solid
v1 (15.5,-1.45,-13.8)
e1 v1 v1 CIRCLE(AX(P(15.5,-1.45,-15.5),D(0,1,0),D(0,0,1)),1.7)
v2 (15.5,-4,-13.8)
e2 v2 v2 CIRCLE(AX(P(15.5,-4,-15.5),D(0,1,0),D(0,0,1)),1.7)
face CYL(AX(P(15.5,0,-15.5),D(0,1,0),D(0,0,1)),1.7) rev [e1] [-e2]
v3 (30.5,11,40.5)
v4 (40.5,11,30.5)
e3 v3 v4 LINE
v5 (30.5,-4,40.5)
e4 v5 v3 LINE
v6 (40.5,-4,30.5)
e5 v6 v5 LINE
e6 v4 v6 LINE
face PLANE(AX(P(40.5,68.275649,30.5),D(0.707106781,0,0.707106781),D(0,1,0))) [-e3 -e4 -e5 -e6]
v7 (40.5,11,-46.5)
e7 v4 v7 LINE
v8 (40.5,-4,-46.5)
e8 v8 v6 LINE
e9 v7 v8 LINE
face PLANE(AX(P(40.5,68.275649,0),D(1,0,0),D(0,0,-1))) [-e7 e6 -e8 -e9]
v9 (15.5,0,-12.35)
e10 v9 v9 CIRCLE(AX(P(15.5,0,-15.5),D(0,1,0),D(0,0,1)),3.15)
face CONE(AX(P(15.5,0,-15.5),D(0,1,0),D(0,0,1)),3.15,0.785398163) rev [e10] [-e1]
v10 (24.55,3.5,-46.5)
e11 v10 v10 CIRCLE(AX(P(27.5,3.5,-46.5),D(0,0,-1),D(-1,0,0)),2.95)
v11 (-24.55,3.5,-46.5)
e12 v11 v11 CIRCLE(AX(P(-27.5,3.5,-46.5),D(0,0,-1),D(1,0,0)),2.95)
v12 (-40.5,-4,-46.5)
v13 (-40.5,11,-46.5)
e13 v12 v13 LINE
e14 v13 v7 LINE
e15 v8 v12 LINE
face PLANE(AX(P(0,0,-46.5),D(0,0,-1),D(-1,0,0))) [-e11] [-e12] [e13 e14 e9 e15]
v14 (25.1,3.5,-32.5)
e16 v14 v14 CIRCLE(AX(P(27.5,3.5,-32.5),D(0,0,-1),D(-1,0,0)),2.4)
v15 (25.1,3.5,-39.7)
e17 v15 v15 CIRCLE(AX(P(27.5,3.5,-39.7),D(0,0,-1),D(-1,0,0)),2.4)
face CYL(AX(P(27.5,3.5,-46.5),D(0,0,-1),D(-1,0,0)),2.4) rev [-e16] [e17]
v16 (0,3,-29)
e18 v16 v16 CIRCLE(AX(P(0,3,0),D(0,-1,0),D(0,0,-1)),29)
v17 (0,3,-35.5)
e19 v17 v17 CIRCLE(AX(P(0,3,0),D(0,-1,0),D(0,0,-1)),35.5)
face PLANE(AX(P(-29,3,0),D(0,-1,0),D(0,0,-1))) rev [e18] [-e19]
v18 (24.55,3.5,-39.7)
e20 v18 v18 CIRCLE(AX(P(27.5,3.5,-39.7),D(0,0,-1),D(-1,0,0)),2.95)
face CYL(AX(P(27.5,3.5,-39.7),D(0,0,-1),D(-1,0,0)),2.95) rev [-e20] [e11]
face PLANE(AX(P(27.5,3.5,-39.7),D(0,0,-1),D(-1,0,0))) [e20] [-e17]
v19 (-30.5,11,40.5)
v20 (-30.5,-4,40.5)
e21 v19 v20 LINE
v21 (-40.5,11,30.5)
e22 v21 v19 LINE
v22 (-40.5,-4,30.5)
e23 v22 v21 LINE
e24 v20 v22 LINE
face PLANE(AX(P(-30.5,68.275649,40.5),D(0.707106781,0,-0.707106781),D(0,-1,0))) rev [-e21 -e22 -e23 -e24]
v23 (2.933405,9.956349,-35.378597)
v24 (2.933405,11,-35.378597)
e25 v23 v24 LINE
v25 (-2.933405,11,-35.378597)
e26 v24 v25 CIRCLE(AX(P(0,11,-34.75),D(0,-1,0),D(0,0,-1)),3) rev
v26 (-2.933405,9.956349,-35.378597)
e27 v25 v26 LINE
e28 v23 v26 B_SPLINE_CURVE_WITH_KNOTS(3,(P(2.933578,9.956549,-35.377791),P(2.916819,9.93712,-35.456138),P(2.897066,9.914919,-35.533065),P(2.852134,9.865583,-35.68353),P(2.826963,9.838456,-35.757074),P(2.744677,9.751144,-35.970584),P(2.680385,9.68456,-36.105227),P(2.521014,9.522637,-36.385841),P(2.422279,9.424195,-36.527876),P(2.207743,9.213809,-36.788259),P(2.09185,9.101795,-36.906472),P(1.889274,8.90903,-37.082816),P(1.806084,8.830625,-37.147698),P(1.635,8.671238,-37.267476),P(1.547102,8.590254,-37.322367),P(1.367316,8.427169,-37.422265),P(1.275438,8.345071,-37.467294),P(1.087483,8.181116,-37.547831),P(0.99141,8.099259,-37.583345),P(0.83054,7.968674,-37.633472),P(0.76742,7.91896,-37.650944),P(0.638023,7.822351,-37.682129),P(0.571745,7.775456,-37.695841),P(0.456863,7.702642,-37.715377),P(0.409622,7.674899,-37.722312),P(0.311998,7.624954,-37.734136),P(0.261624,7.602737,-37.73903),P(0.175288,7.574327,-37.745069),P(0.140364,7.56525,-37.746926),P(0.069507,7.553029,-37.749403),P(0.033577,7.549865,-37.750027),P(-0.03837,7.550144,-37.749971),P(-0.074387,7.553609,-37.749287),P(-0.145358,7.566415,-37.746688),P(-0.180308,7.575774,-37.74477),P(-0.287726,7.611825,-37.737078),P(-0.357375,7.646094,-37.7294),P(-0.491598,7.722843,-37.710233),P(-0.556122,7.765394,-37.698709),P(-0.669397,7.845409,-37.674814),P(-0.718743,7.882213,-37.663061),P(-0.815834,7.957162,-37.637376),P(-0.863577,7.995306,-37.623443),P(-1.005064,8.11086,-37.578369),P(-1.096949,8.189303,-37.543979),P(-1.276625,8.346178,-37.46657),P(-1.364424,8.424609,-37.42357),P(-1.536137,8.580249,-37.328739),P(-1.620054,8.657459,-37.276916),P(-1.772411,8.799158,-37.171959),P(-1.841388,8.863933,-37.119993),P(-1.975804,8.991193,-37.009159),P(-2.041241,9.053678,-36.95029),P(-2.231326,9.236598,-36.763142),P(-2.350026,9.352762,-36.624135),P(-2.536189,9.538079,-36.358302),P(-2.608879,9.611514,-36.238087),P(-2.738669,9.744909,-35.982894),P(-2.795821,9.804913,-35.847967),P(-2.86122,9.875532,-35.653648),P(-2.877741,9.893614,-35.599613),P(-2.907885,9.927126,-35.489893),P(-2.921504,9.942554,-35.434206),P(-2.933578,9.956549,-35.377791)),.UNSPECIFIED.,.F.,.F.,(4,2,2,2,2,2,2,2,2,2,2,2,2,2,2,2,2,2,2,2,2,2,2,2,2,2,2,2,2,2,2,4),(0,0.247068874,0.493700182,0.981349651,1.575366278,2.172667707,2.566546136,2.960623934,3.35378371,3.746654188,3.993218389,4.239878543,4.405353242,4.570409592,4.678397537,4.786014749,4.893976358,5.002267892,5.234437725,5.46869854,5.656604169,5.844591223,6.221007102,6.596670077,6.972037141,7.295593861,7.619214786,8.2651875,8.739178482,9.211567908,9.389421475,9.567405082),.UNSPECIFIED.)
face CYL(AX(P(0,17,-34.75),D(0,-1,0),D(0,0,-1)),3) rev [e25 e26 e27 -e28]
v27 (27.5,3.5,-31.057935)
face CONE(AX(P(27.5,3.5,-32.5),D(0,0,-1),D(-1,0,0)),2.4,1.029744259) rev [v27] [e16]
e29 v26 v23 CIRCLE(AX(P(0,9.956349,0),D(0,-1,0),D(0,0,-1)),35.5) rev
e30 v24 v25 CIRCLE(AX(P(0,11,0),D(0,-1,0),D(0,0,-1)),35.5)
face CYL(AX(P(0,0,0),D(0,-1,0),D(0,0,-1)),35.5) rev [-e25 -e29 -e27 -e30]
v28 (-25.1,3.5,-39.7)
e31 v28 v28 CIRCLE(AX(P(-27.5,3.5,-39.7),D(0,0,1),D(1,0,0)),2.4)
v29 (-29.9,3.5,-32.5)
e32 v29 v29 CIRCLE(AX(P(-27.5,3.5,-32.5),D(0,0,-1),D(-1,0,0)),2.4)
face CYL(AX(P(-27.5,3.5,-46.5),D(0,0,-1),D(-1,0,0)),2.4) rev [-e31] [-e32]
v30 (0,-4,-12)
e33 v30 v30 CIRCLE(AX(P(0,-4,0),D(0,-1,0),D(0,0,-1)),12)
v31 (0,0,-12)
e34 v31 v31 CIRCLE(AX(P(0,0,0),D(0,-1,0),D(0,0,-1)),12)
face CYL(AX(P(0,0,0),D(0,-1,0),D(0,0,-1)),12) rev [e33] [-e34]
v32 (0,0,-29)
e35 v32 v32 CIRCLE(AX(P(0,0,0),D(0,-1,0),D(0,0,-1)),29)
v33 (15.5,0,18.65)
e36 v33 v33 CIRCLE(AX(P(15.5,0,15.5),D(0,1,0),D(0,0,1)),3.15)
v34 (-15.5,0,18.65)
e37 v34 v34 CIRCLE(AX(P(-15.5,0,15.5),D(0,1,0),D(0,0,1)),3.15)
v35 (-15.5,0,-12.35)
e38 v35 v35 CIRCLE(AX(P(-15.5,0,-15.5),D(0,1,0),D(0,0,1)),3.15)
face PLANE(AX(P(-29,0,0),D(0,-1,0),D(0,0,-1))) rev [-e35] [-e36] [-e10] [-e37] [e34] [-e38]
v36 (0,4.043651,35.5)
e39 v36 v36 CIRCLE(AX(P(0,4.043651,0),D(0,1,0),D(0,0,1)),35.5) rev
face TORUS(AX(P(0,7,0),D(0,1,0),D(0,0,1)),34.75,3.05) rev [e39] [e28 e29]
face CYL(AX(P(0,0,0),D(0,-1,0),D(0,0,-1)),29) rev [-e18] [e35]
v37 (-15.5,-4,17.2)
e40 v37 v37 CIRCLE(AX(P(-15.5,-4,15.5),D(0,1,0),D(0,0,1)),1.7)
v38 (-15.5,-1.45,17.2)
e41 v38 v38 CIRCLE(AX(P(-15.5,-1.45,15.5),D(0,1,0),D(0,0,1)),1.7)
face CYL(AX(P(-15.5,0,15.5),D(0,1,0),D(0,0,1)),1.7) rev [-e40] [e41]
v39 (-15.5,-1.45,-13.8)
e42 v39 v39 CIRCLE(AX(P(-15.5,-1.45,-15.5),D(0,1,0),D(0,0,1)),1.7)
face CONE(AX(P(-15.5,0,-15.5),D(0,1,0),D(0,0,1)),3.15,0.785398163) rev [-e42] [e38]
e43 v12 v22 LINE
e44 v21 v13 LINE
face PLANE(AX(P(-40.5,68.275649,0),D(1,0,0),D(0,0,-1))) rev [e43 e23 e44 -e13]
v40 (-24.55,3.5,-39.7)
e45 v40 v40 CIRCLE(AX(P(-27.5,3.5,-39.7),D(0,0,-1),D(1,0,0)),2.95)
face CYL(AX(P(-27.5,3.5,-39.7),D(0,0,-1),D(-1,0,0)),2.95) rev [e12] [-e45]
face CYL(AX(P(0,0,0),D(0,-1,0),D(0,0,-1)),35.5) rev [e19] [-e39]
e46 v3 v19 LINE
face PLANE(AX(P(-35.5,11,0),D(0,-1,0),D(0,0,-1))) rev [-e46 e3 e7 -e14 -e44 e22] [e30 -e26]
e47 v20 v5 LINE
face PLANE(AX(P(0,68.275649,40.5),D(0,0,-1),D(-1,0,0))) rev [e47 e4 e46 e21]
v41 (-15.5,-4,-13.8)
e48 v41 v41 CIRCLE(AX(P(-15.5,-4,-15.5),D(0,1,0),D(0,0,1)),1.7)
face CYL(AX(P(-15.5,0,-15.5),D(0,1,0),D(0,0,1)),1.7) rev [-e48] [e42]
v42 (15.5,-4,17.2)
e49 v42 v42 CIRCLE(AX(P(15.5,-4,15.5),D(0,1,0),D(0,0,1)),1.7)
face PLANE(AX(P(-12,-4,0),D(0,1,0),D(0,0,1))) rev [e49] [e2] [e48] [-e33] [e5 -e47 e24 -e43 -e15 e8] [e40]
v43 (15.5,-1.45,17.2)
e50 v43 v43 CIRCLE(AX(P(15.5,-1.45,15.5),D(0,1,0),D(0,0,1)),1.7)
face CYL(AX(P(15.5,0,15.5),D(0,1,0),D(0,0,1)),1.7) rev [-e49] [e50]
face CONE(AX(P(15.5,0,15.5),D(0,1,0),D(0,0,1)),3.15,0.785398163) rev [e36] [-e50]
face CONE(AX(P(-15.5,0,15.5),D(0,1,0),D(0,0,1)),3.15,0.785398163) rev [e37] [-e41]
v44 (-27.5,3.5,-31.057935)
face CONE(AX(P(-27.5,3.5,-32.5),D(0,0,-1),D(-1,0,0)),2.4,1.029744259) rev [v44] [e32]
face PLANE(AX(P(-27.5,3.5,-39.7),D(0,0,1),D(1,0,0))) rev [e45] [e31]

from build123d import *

# Parameters (mm, degrees)
SKETCH3_R                                           = 1.25
CUT_EXTRUDE1_DEPTH                                  = 59.322379924
SKETCH5_R                                           = 3.05
SKETCH6_R                                           = 3
CUT_EXTRUDE2_DEPTH                                  = 10
BOSS_EXTRUDE1_START                                 = -15
BOSS_EXTRUDE1_DEPTH                                 = 15
CHAMFER1_SIZE                                       = 10
CSK_FOR_M3_COUNTERSUNK_FLAT_HEAD_SCREW1_D           = 3.4
CSK_FOR_M3_COUNTERSUNK_FLAT_HEAD_SCREW1_CSINK_D     = 6.3
CSK_FOR_M3_COUNTERSUNK_FLAT_HEAD_SCREW1_CSINK_ANGLE = 90
SKETCH15_W                                          = 81
SKETCH15_H                                          = 15
BOSS_EXTRUDE2_DEPTH                                 = 6
SKETCH16_R                                          = 2.95
CUT_EXTRUDE3_DEPTH                                  = 6.8
M4_CLEARANCE_HOLE1_D                                = 4.8
M4_CLEARANCE_HOLE1_DEPTH                            = 14
M4_CLEARANCE_HOLE1_TIP                              = 1.442065486


with BuildPart() as part:
    # Sketch2 → Revolve1 (revolve)
    with BuildSketch(Plane.XY, mode=Mode.PRIVATE) as revolve1_sk:
        Polygon((-29, 3), (-29, 0), (-12, 0), (-12, -4), (-40.5, -4), (-40.5, 11), (-35.5, 11), (-35.5, 3), align=None)
    revolve(revolve1_sk.sketch.rotate(Axis((0, 0, 0), (0, 1, 0)), 270), axis=Axis((0, 0, 0), (0, 1, 0)))

    # Sketch3 → Cut-Extrude1 (cut, through all)
    with BuildSketch(Plane(origin=(0, 0, 0), x_dir=(1, 0, 0), z_dir=(0, 1, 0))):
        with Locations(Location((-15.5, 15.5, 0), (0, 0, 270))):
            Circle(SKETCH3_R)
        with Locations(Location((15.5, 15.5, 0), (0, 0, 270))):
            Circle(SKETCH3_R)
        with Locations(Location((15.5, -15.5, 0), (0, 0, 270))):
            Circle(SKETCH3_R)
        with Locations(Location((-15.5, -15.5, 0), (0, 0, 270))):
            Circle(SKETCH3_R)
    extrude(amount=-CUT_EXTRUDE1_DEPTH, mode=Mode.SUBTRACT)

    # Sketch5 → Cut-Revolve1 (revolve, cut)
    with BuildSketch(Plane.XY, mode=Mode.PRIVATE) as cut_revolve1_sk:
        with Locations((34.75, 7)):
            Circle(SKETCH5_R)
    revolve(cut_revolve1_sk.sketch.rotate(Axis((0, 0, 0), (0, -1, 0)), 270), axis=Axis((0, 0, 0), (0, -1, 0)), mode=Mode.SUBTRACT)

    # Sketch6 → Cut-Extrude2 (cut)
    with BuildSketch(Plane(origin=(0, 7, 0), x_dir=(1, 0, 0), z_dir=(0, 1, 0))):
        with Locations((0, 34.75)):
            Circle(SKETCH6_R)
    extrude(amount=CUT_EXTRUDE2_DEPTH, mode=Mode.SUBTRACT)

    # Sketch8 → Boss-Extrude1 (add)
    with BuildSketch(Plane.XZ.offset(4).offset(BOSS_EXTRUDE1_START)):
        with BuildLine():
            Line((-40.5, 1.41e-07), (-40.5, -40.5))
            Line((-40.5, -40.5), (-8.3e-08, -40.5))
            ThreePointArc((-8.3e-08, -40.5), (-28.637824717, -28.637824559), (-40.5, 1.41e-07))
        make_face()
        with BuildLine():
            ThreePointArc((40.5, 0), (28.637824609, -28.637824667), (-8.3e-08, -40.5))
            Line((-8.3e-08, -40.5), (40.5, -40.5))
            Line((40.5, -40.5), (40.5, 0))
        make_face()
        with BuildLine():
            Line((-40.5, 40.5), (-40.5, 1.41e-07))
            ThreePointArc((-40.5, 1.41e-07), (-28.637824588, 28.637824688), (0, 40.5))
            Line((0, 40.5), (-40.5, 40.5))
        make_face()
        with BuildLine():
            ThreePointArc((0, 40.5), (28.637824638, 28.637824638), (40.5, 0))
            Line((40.5, 0), (40.5, 40.5))
            Line((40.5, 40.5), (0, 40.5))
        make_face()
    extrude(amount=BOSS_EXTRUDE1_DEPTH)

    # Chamfer1
    chamfer1_edges = [part.edges().sort_by_distance(p)[0] for p in [
        (-40.5, 3.5, 40.5),
        (40.5, 3.5, 40.5),
    ]]
    chamfer(chamfer1_edges, length=CHAMFER1_SIZE)

    # CSK for M3 Countersunk Flat Head Screw1 (through all)
    with Locations(Plane(origin=(0, 0, 0), x_dir=(1, 0, 0), z_dir=(0, 1, 0))):
        with Locations((-15.5, 15.5), (15.5, 15.5), (15.5, -15.5), (-15.5, -15.5)):
            CounterSinkHole(CSK_FOR_M3_COUNTERSUNK_FLAT_HEAD_SCREW1_D / 2, CSK_FOR_M3_COUNTERSUNK_FLAT_HEAD_SCREW1_CSINK_D / 2, counter_sink_angle=CSK_FOR_M3_COUNTERSUNK_FLAT_HEAD_SCREW1_CSINK_ANGLE)

    # Sketch15 → Boss-Extrude2 (add)
    with BuildSketch(Plane(origin=(0, 0, -40.5), x_dir=(-1, 0, 0), z_dir=(0, 0, -1))):
        with Locations((0, 3.5)):
            Rectangle(SKETCH15_W, SKETCH15_H)
    extrude(amount=BOSS_EXTRUDE2_DEPTH)

    # Sketch16 → Cut-Extrude3 (cut)
    with BuildSketch(Plane(origin=(0, 0, -46.5), x_dir=(-1, 0, 0), z_dir=(0, 0, -1))):
        with Locations((-27.5, 3.5)):
            Circle(SKETCH16_R)
        with Locations(Location((27.5, 3.5, 0), (0, 0, 180))):
            Circle(SKETCH16_R)
    extrude(amount=-CUT_EXTRUDE3_DEPTH, mode=Mode.SUBTRACT)

    # M4 Clearance Hole1
    with Locations(Plane(origin=(0, 0, -46.5), x_dir=(-1, 0, 0), z_dir=(0, 0, -1))):
        with Locations((-27.5, 3.5), (27.5, 3.5)):
            Hole(M4_CLEARANCE_HOLE1_D / 2, depth=M4_CLEARANCE_HOLE1_DEPTH)
            with Locations((0, 0, -(M4_CLEARANCE_HOLE1_DEPTH + M4_CLEARANCE_HOLE1_TIP / 2))):  # 118° drill point
                Cone(0, M4_CLEARANCE_HOLE1_D / 2, M4_CLEARANCE_HOLE1_TIP, mode=Mode.SUBTRACT)


solid = part.part
